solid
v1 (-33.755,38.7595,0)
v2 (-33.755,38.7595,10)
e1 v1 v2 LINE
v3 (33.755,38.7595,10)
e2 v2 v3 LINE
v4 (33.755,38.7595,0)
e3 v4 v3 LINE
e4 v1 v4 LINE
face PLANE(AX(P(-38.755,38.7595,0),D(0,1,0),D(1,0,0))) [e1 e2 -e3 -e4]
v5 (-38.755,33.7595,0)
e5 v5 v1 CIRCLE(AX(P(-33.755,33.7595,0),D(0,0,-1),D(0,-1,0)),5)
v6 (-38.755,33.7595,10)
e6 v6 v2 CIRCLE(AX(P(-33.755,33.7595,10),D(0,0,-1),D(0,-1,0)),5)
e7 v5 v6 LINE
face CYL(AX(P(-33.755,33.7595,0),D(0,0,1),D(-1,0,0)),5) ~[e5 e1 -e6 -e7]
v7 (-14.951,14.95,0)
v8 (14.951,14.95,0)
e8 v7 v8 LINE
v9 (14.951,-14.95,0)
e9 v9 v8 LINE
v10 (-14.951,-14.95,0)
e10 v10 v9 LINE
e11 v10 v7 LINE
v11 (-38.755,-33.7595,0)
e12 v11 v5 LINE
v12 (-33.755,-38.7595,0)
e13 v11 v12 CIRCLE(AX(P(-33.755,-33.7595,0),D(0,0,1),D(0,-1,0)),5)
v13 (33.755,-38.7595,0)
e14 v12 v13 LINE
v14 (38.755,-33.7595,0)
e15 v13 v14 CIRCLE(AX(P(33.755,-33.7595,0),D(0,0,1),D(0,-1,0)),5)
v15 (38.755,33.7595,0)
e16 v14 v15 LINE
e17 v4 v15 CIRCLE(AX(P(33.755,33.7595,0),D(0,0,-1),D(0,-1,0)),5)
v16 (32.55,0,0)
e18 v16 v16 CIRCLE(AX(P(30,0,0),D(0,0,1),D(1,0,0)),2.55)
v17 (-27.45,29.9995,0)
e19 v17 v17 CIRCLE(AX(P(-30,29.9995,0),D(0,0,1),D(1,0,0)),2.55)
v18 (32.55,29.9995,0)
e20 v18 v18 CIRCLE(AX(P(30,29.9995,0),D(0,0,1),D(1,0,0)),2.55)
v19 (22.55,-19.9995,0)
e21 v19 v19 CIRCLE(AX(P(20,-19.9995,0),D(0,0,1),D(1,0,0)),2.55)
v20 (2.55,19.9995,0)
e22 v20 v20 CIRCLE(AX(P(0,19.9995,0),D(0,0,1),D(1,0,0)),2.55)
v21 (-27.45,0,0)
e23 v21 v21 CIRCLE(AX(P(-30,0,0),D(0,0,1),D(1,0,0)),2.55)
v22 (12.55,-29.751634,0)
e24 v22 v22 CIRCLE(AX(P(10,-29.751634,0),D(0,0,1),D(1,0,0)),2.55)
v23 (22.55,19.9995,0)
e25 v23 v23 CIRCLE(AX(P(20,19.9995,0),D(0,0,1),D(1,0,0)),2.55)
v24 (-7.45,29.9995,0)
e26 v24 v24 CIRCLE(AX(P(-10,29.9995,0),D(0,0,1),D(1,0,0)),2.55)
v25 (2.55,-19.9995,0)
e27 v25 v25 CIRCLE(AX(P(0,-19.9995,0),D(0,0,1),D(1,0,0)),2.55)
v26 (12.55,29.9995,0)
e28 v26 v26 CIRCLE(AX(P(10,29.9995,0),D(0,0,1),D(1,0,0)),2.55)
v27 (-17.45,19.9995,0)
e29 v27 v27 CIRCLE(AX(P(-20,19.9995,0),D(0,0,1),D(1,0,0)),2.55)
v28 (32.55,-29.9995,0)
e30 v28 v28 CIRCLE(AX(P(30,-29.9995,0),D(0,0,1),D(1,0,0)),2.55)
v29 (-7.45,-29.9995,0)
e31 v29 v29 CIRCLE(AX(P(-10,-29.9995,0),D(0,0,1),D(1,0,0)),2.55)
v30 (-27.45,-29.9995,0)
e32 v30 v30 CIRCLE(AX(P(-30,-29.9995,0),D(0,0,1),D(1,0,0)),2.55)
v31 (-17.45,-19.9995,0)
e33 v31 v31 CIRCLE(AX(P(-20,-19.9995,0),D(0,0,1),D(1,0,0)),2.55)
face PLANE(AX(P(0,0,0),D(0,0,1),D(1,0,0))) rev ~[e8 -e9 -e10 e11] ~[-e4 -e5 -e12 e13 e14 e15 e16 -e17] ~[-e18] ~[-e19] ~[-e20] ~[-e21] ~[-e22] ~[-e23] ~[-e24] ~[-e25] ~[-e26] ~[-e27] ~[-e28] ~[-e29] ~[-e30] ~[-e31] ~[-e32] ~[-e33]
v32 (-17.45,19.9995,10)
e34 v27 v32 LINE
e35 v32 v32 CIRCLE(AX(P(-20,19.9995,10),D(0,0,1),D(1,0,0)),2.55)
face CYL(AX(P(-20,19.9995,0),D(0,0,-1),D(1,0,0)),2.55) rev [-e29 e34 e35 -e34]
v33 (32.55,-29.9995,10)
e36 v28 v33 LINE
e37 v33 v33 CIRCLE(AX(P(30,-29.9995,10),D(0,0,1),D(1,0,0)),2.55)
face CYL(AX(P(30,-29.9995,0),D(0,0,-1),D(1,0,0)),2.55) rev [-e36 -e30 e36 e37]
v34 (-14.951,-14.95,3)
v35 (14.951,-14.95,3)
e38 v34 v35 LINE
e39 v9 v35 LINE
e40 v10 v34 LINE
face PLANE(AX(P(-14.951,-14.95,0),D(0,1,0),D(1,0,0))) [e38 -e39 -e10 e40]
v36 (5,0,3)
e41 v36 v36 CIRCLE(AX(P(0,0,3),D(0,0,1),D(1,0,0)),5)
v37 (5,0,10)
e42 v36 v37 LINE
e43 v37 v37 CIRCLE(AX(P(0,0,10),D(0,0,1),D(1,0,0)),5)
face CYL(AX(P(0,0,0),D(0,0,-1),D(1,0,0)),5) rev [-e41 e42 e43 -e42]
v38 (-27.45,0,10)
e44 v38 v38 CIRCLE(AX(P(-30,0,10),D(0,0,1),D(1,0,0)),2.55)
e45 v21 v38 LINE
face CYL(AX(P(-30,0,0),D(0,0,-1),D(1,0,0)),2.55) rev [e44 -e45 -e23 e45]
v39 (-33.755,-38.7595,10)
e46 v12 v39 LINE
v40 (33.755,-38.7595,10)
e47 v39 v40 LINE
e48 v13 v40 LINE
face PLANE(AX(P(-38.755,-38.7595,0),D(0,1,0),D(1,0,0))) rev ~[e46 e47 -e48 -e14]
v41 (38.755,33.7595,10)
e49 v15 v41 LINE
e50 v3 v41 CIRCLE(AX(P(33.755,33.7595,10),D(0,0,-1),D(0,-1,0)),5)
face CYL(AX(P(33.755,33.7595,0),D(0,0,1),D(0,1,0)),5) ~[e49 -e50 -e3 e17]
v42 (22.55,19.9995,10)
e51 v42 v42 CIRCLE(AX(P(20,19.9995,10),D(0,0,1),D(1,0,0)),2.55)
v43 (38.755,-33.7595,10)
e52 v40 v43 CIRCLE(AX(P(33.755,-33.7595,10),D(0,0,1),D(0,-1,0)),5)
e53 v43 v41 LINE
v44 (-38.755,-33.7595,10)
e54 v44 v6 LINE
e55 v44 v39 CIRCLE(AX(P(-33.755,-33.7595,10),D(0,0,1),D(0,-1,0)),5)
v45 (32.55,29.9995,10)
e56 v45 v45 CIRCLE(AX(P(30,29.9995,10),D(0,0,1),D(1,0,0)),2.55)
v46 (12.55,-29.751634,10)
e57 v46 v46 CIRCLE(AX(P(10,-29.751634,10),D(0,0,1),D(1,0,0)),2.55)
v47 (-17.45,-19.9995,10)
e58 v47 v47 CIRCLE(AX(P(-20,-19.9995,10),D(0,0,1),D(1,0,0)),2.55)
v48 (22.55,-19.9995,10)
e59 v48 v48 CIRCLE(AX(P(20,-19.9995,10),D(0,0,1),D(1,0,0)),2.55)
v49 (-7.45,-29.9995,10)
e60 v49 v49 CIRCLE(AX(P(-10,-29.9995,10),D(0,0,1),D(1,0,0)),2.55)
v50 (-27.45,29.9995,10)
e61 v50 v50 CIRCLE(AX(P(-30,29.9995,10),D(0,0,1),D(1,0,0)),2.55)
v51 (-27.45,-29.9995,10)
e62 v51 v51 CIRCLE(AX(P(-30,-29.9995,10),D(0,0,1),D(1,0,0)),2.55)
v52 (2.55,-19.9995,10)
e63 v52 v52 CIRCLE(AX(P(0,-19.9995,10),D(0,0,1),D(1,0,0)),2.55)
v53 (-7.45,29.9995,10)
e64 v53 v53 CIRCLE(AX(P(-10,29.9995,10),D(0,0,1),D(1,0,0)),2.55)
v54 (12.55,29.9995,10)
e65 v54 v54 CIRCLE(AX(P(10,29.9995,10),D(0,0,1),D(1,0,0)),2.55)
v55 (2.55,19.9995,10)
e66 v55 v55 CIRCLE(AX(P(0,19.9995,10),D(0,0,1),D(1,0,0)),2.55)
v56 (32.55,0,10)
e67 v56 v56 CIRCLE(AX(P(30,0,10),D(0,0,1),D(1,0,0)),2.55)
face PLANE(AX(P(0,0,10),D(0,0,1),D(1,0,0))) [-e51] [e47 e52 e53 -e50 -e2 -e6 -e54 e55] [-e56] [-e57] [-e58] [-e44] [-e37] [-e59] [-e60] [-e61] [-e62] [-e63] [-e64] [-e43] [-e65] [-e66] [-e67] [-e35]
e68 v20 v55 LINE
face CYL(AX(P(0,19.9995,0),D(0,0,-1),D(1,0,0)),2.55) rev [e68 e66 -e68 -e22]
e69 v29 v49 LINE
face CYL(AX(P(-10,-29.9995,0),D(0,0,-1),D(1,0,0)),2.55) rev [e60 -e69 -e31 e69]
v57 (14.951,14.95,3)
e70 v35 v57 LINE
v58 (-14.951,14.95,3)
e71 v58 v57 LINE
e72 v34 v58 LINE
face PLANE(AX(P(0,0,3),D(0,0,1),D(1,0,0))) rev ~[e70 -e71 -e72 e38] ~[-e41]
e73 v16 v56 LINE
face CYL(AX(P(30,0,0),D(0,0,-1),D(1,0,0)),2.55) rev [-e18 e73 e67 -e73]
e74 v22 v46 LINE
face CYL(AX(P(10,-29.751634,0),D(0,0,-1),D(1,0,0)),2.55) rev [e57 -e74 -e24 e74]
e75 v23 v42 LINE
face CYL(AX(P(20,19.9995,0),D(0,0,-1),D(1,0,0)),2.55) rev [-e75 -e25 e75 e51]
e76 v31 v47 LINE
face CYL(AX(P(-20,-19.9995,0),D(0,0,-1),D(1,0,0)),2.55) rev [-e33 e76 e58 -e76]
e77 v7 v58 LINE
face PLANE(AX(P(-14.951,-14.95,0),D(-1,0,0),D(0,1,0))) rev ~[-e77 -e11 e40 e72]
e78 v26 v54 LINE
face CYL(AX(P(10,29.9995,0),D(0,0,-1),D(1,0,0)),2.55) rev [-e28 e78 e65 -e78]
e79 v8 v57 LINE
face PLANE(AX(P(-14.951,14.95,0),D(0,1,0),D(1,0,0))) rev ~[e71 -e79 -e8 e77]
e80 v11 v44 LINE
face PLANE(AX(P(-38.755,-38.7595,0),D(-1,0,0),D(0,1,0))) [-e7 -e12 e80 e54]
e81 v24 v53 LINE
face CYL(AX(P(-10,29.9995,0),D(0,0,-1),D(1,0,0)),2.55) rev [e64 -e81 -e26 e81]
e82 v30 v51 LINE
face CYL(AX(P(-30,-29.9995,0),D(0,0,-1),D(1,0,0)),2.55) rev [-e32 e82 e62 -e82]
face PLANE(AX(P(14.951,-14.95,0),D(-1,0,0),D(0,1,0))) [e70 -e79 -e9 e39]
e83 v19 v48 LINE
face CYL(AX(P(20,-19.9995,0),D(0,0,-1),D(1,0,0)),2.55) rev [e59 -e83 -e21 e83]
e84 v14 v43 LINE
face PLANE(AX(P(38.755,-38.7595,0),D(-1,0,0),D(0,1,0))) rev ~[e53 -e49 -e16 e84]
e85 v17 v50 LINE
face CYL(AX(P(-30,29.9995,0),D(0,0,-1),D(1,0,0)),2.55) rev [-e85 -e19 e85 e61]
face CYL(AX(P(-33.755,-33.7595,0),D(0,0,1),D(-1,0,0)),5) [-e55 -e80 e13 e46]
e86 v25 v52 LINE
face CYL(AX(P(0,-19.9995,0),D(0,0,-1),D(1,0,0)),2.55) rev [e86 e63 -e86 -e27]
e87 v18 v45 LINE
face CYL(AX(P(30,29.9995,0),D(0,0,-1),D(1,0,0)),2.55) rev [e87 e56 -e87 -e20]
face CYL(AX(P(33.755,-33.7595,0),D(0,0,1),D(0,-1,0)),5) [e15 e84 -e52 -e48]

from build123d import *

# Parameters (mm, degrees)
F0_W     = 77.51
F0_H     = 77.519
F0_R     = 2.55
F0_W_2   = 29.902
F0_H_2   = 29.9
F0_R_2   = 5
F1_DEPTH = 10
F2_DEPTH = 3
F3_R     = 5


with BuildPart() as f1:
    # F0 (on Top) → F1 (new body)
    with BuildSketch(Plane.XY):
        Rectangle(F0_W, F0_H)
        with Locations((-30, -29.9995)):
            Circle(F0_R, mode=Mode.SUBTRACT)
        with Locations((-20, -19.9995)):
            Circle(F0_R, mode=Mode.SUBTRACT)
        with Locations((-10, -29.9995)):
            Circle(F0_R, mode=Mode.SUBTRACT)
        with Locations((10, -29.751634)):
            Circle(F0_R, mode=Mode.SUBTRACT)
        with Locations((0, -19.9995)):
            Circle(F0_R, mode=Mode.SUBTRACT)
        with Locations((30, -29.9995)):
            Circle(F0_R, mode=Mode.SUBTRACT)
        with Locations((20, -19.9995)):
            Circle(F0_R, mode=Mode.SUBTRACT)
        with Locations((-30, 0)):
            Circle(F0_R, mode=Mode.SUBTRACT)
        with Locations((-20, 19.9995)):
            Circle(F0_R, mode=Mode.SUBTRACT)
        with Locations((-30, 29.9995)):
            Circle(F0_R, mode=Mode.SUBTRACT)
        with Locations((-10, 29.9995)):
            Circle(F0_R, mode=Mode.SUBTRACT)
        Rectangle(F0_W_2, F0_H_2, mode=Mode.SUBTRACT)
        with Locations((30, 0)):
            Circle(F0_R, mode=Mode.SUBTRACT)
        with Locations((0, 19.9995)):
            Circle(F0_R, mode=Mode.SUBTRACT)
        with Locations((10, 29.9995)):
            Circle(F0_R, mode=Mode.SUBTRACT)
        with Locations((20, 19.9995)):
            Circle(F0_R, mode=Mode.SUBTRACT)
        with Locations((30, 29.9995)):
            Circle(F0_R, mode=Mode.SUBTRACT)
        Rectangle(F0_W_2, F0_H_2)
        Circle(F0_R_2, mode=Mode.SUBTRACT)
    extrude(amount=F1_DEPTH)

    # F0 (on Top) → F2 (cut)
    with BuildSketch(Plane.XY):
        Rectangle(F0_W_2, F0_H_2)
        Circle(F0_R_2, mode=Mode.SUBTRACT)
    extrude(amount=F2_DEPTH, mode=Mode.SUBTRACT)

    # F3
    f3_edges = [f1.edges().sort_by_distance(p)[0] for p in [
        (38.755, -38.7595, 5),
        (-38.755, -38.7595, 5),
        (38.755, 38.7595, 5),
        (-38.755, 38.7595, 5),
    ]]
    fillet(f3_edges, radius=F3_R)


solid = f1.part
